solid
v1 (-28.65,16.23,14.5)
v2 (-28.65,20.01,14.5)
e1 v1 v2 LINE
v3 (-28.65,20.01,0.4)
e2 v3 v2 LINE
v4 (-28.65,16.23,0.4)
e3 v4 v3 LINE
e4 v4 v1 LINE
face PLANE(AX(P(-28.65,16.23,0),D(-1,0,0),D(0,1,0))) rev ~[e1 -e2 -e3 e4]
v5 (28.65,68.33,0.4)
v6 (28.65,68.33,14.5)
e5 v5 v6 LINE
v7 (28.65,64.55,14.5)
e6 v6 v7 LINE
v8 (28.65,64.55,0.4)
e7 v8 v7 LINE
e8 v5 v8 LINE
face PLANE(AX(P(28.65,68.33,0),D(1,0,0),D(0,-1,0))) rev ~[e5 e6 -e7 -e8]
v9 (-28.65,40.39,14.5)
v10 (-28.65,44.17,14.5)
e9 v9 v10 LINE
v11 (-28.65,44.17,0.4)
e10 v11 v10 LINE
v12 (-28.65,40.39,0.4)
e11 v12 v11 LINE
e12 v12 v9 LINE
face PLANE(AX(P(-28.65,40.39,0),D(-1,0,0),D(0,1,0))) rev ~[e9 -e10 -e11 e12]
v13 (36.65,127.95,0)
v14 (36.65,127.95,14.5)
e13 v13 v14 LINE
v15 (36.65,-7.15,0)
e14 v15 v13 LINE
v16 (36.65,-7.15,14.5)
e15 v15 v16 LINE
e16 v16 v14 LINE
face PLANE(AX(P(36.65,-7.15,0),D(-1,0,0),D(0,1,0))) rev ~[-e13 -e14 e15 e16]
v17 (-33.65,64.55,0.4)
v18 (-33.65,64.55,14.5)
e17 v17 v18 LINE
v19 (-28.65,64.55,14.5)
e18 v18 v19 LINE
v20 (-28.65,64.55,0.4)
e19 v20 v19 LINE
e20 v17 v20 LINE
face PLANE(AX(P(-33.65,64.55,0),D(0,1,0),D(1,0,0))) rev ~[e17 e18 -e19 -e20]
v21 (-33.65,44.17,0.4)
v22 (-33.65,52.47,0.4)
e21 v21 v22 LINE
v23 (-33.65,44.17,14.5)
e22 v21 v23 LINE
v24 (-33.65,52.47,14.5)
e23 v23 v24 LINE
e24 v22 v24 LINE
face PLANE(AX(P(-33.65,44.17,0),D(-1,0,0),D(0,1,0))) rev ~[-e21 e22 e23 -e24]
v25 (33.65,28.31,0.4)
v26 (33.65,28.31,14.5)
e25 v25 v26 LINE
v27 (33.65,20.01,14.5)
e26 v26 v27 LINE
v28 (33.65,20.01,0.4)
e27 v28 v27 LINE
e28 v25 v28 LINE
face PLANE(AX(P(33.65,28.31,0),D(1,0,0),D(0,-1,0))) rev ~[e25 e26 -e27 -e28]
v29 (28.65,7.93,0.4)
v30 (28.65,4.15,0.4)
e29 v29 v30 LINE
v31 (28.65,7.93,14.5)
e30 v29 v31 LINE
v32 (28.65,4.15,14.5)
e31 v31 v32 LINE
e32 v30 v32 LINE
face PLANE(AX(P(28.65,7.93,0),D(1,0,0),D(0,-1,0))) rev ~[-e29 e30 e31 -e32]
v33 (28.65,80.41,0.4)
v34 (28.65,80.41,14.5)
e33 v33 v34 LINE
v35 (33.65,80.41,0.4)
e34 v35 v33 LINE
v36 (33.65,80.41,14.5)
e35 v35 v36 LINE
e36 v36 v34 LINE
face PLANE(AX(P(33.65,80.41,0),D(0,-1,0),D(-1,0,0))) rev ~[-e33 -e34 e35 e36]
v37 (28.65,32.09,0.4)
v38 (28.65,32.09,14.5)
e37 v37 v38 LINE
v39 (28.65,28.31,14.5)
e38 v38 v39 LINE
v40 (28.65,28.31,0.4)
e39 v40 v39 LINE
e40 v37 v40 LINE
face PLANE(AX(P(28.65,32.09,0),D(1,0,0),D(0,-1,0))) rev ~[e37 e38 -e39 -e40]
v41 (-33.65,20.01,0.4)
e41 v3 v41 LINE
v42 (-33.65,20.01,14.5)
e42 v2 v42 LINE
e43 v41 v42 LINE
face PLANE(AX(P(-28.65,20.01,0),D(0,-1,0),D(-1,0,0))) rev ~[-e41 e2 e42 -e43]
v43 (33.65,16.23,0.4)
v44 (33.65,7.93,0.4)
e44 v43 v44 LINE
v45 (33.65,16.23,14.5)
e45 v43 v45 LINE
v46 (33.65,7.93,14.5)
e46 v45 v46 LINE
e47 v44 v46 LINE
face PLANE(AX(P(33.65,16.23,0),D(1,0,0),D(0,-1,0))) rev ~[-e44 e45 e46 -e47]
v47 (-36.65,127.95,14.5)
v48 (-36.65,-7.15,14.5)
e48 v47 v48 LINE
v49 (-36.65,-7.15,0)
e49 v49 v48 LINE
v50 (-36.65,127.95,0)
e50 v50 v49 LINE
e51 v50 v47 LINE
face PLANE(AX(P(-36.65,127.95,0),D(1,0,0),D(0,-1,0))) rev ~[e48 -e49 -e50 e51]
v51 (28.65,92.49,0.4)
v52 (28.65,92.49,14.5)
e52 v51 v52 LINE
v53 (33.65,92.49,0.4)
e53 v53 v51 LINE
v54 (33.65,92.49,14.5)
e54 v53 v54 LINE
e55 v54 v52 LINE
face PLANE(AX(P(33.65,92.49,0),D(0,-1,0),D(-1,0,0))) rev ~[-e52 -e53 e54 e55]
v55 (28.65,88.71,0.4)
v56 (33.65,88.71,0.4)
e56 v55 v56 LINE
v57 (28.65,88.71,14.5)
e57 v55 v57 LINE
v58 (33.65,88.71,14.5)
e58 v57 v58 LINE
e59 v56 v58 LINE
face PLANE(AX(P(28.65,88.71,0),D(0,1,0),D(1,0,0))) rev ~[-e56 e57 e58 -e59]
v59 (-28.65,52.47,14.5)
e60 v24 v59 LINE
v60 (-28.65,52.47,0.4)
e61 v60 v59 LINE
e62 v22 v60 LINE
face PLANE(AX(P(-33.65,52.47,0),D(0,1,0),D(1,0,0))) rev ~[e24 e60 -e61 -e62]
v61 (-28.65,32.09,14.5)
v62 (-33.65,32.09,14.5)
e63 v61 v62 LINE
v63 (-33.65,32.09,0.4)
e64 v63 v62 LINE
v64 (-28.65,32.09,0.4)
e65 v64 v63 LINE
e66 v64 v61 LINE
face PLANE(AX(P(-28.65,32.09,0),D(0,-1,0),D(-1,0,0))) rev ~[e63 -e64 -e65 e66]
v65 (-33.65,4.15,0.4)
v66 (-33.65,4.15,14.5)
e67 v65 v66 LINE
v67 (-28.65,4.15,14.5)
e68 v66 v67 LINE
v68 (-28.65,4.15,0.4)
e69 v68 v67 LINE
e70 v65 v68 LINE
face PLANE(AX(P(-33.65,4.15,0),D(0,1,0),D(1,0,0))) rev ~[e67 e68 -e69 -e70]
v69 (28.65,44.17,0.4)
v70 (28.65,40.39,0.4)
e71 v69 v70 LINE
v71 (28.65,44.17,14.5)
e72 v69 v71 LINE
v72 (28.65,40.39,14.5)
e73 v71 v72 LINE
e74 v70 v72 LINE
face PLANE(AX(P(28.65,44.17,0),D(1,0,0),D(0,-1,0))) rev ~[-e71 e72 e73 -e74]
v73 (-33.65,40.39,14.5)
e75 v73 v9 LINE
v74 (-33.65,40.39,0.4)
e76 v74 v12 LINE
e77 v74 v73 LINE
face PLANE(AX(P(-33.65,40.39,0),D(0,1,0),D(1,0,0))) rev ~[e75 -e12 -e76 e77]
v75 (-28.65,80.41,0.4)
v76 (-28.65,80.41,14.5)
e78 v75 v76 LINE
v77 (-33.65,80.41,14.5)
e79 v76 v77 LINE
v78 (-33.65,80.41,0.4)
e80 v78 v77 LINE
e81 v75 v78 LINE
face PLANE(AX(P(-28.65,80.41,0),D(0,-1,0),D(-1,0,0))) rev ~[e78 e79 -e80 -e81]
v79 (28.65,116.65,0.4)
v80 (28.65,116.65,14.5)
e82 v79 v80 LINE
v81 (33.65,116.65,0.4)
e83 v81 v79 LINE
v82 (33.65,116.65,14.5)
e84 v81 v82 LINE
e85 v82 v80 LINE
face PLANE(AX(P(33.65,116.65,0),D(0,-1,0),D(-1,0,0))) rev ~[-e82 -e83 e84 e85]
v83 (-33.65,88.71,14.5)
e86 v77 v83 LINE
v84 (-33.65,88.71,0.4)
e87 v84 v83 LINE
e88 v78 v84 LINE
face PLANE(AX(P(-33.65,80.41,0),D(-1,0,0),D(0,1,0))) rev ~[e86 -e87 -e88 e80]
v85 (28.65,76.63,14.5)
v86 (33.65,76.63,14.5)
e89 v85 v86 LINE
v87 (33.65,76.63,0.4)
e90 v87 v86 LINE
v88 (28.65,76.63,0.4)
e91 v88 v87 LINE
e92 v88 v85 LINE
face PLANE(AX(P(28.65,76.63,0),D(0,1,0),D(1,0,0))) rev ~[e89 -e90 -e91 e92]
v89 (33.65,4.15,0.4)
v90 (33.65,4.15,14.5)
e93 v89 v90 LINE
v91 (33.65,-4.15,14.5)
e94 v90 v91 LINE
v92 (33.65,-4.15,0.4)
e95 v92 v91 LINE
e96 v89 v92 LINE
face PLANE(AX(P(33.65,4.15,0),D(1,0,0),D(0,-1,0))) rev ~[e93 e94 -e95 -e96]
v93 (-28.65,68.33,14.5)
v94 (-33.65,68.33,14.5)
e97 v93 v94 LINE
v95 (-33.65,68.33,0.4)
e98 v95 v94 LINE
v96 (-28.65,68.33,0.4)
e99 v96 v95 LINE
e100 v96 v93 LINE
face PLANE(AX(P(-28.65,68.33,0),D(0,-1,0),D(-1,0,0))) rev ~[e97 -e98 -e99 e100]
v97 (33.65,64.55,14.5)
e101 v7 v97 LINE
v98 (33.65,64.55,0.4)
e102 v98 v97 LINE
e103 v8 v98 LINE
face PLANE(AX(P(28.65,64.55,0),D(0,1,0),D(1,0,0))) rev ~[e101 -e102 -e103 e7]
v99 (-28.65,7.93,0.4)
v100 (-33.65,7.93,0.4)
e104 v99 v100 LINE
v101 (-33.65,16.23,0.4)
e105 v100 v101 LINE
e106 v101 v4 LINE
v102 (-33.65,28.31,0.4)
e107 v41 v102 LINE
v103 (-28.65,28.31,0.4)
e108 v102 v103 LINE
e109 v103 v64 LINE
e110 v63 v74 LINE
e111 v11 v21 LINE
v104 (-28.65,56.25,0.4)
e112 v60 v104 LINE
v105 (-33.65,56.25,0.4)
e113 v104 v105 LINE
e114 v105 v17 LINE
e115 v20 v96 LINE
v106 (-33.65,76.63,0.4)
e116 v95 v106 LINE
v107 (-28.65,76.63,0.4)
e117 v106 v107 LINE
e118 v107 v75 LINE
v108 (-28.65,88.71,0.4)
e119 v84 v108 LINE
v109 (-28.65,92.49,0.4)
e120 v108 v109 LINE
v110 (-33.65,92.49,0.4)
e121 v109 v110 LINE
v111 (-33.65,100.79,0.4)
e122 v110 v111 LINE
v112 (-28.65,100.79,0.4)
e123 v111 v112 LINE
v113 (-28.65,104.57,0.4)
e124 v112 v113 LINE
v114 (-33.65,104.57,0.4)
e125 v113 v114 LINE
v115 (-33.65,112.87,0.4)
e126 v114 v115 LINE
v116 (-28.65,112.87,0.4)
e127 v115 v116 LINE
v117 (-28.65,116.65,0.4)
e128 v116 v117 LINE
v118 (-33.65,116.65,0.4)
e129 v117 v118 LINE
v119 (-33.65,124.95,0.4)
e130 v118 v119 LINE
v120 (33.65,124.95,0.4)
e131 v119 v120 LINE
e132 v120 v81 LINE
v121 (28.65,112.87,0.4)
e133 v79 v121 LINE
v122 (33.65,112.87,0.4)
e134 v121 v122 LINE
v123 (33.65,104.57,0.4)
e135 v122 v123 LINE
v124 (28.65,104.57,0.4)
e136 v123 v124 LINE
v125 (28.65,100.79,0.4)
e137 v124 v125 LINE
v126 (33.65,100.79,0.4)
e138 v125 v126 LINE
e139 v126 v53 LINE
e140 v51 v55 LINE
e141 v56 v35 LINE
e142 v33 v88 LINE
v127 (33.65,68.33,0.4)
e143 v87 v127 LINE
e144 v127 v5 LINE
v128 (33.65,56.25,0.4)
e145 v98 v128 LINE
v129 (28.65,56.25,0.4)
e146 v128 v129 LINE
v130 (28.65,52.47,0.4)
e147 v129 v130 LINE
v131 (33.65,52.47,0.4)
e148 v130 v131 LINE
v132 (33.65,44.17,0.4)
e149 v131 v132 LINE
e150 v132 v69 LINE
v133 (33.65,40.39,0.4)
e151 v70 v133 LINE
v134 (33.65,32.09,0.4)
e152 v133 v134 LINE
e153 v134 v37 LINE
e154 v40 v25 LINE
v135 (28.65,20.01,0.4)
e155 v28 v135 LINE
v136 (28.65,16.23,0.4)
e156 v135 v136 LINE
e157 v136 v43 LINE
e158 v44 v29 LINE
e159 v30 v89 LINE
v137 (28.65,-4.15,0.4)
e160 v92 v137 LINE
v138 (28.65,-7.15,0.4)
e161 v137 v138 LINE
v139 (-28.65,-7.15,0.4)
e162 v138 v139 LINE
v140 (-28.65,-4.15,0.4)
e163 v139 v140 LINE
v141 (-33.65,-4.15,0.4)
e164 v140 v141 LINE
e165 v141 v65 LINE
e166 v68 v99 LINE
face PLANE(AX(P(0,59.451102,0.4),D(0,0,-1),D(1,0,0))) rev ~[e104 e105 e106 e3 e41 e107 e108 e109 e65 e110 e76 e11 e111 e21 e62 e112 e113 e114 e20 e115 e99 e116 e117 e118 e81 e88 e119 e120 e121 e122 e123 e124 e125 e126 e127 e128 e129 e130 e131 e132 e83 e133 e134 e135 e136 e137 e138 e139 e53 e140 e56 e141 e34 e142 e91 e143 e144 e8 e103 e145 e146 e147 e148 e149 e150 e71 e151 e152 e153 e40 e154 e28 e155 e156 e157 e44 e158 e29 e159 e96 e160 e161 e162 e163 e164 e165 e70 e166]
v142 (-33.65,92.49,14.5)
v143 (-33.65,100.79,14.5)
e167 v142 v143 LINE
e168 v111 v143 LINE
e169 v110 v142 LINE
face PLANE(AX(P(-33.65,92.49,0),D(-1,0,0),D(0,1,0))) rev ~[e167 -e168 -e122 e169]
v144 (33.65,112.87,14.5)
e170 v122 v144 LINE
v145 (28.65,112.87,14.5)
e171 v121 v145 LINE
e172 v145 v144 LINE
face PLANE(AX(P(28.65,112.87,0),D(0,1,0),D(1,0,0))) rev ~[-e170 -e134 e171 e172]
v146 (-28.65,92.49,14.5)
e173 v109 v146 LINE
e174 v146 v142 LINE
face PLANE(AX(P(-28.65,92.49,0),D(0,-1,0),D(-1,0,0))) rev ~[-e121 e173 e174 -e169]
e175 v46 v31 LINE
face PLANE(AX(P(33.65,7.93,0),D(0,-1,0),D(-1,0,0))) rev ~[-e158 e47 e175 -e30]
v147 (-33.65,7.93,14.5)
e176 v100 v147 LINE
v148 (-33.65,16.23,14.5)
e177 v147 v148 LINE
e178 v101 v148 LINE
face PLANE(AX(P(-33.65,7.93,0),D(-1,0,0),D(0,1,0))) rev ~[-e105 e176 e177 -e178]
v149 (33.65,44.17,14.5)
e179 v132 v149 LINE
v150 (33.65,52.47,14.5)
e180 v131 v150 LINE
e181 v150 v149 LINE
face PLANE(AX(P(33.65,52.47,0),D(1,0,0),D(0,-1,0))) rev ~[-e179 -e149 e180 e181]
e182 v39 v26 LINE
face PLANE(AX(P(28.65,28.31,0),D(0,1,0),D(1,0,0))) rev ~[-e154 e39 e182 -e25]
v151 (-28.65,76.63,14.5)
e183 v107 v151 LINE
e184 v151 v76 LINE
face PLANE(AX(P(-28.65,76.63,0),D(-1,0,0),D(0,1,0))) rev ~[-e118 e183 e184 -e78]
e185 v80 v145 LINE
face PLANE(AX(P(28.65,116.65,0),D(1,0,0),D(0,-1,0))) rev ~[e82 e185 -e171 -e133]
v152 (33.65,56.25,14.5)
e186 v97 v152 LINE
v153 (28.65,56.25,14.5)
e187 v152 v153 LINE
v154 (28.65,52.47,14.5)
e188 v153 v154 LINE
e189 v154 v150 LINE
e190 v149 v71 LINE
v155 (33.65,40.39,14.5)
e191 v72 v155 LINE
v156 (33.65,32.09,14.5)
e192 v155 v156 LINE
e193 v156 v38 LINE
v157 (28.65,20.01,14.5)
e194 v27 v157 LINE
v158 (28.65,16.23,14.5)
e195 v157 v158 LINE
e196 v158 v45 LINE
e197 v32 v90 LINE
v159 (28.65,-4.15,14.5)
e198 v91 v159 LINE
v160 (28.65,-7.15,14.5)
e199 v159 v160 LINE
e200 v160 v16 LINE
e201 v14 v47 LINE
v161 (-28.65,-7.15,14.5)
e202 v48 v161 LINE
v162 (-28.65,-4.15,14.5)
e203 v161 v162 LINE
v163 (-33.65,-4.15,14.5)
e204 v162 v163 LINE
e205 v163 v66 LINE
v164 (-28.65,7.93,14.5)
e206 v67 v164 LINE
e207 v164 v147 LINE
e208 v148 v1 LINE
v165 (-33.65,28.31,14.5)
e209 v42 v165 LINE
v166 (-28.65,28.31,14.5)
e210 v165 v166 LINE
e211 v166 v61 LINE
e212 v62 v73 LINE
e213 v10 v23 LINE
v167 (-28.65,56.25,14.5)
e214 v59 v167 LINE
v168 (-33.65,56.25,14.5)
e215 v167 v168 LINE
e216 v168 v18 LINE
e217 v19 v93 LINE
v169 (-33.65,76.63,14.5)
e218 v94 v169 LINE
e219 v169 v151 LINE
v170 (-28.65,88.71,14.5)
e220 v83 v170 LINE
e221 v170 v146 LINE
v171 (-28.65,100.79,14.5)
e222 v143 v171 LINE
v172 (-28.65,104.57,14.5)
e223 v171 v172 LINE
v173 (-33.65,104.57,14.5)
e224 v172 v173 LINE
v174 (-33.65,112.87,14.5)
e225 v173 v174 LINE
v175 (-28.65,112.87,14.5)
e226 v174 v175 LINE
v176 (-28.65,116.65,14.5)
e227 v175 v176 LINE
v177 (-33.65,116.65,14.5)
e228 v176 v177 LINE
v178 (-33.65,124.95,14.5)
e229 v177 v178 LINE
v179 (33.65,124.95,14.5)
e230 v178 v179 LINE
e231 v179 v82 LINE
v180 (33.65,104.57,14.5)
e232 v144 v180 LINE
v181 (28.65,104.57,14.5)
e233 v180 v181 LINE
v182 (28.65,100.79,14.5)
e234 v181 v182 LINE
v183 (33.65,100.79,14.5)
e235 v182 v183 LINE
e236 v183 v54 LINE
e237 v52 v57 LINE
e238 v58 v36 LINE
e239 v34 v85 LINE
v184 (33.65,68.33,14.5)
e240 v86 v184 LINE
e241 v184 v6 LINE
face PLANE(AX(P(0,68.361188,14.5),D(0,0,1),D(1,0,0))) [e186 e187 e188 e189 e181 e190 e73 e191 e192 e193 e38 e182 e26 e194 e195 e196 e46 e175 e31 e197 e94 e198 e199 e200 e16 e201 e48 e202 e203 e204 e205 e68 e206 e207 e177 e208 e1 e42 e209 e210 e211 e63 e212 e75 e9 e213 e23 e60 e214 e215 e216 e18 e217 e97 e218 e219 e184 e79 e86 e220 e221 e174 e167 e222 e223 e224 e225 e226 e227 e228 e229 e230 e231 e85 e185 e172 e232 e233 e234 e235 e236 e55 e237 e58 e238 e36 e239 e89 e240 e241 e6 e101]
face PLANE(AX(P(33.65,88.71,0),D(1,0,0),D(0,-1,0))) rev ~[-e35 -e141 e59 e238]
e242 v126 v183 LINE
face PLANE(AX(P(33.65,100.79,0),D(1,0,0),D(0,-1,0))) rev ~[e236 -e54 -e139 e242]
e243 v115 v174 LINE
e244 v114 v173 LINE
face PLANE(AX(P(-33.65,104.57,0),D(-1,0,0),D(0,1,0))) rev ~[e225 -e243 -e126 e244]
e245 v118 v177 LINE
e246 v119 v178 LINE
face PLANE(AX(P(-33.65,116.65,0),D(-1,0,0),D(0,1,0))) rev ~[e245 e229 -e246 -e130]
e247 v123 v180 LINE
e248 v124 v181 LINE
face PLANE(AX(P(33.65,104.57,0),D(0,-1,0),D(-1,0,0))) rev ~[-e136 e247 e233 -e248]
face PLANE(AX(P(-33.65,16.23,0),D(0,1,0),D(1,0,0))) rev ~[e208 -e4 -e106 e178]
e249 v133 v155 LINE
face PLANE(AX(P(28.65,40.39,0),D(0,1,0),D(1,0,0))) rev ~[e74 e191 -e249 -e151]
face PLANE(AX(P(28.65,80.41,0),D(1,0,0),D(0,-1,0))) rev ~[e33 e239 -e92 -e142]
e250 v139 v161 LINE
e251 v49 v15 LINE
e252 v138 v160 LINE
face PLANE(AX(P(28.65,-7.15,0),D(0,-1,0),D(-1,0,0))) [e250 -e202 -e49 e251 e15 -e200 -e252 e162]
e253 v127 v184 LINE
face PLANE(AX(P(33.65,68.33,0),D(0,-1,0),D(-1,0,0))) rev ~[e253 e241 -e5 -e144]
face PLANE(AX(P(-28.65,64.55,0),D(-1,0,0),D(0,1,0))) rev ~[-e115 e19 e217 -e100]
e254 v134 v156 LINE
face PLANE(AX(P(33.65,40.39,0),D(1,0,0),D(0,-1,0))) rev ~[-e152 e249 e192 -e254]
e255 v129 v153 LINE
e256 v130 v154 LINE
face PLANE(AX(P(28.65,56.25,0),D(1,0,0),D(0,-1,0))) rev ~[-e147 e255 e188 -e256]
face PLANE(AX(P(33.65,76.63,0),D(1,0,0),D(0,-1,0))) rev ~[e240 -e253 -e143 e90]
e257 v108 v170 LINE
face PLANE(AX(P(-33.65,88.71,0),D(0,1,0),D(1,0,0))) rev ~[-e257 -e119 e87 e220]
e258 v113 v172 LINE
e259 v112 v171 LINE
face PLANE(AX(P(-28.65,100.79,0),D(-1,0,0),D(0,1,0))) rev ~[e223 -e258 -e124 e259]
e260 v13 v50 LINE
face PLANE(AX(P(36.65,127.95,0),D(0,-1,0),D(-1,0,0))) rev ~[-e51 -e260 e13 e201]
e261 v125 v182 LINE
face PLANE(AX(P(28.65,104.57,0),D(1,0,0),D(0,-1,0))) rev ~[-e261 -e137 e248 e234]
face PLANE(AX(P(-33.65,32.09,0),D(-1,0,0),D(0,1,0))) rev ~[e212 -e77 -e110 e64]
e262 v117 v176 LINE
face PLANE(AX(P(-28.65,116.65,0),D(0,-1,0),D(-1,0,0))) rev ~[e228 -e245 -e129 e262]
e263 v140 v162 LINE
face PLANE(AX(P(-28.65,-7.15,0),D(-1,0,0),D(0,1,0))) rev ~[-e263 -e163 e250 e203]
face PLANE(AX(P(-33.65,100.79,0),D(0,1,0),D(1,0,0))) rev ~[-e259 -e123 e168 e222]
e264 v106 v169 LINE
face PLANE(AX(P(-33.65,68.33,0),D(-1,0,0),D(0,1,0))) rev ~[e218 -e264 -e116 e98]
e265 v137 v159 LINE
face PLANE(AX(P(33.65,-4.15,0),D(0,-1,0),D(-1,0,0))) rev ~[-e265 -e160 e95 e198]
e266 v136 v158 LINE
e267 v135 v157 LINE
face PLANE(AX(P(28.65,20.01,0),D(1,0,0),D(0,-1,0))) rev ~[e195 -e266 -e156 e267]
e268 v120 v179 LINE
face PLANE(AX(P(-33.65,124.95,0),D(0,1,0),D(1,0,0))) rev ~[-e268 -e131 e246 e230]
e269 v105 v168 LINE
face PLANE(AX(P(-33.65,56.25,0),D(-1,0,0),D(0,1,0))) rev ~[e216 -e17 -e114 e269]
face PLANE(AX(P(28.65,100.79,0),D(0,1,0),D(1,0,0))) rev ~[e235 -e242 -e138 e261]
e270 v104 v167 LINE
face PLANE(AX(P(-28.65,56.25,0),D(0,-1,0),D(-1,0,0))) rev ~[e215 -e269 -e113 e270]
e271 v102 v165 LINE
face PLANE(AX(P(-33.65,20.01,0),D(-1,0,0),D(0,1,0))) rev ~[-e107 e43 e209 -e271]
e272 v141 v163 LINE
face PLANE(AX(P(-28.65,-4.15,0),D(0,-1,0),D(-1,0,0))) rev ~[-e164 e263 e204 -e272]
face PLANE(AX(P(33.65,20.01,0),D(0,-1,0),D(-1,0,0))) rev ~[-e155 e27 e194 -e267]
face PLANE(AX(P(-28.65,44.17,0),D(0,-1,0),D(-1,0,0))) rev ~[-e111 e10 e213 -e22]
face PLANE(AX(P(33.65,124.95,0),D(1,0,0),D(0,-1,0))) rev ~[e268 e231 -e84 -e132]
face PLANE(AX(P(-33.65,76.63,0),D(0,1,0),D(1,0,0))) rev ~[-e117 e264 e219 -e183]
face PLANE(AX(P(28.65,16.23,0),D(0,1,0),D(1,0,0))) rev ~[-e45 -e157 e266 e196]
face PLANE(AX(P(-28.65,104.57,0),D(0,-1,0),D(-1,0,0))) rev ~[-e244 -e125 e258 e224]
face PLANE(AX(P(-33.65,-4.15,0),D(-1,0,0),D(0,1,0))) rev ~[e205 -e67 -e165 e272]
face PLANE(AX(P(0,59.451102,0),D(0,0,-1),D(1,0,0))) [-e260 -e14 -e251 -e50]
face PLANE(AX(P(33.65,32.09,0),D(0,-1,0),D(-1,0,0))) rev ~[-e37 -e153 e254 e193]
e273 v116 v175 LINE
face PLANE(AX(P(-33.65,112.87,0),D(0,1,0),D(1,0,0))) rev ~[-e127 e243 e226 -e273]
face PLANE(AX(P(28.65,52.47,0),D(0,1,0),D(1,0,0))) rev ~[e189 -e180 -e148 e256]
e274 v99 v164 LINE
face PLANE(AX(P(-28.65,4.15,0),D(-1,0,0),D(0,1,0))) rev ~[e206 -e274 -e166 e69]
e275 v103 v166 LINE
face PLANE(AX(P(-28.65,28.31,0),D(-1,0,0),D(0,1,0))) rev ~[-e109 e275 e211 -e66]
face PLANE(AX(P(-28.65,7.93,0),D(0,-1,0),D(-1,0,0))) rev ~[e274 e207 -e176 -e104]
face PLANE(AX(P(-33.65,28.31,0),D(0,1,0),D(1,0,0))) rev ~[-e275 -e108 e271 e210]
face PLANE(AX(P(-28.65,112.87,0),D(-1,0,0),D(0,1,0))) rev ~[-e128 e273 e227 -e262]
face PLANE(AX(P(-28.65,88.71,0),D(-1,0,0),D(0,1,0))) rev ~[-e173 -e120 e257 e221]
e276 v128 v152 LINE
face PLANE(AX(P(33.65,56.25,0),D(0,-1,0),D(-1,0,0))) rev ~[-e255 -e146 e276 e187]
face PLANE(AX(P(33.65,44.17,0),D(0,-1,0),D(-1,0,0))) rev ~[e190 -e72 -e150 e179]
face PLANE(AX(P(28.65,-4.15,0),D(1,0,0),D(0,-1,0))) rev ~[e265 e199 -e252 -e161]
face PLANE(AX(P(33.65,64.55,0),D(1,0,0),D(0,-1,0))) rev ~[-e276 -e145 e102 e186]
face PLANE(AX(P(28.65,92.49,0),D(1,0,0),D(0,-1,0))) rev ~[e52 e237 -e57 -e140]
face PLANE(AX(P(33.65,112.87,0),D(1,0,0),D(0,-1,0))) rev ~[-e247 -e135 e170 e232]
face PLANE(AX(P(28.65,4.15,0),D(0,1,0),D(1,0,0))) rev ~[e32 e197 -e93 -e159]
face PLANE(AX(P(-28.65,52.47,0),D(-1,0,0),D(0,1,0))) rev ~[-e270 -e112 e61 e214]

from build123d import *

# Parameters (mm, degrees)
F1_DEPTH = 14.5
F3_DEPTH = 0.4


with BuildPart() as f1:
    # F0 (on Top) → F1 (new body)
    with BuildSketch(Plane.XY):
        Polygon((-33.65, -4.15), (-33.65, 4.15), (-28.65, 4.15), (-28.65, 7.93), (-33.65, 7.93), (-33.65, 16.23), (-28.65, 16.23), (-28.65, 20.01), (-33.65, 20.01), (-33.65, 28.31), (-28.65, 28.31), (-28.65, 32.09), (-33.65, 32.09), (-33.65, 40.39), (-28.65, 40.39), (-28.65, 44.17), (-33.65, 44.17), (-33.65, 52.47), (-28.65, 52.47), (-28.65, 56.25), (-33.65, 56.25), (-33.65, 64.55), (-28.65, 64.55), (-28.65, 68.33), (-33.65, 68.33), (-33.65, 76.63), (-28.65, 76.63), (-28.65, 80.41), (-33.65, 80.41), (-33.65, 88.71), (-28.65, 88.71), (-28.65, 92.49), (-33.65, 92.49), (-33.65, 100.79), (-28.65, 100.79), (-28.65, 104.57), (-33.65, 104.57), (-33.65, 112.87), (-28.65, 112.87), (-28.65, 116.65), (-33.65, 116.65), (-33.65, 124.95), (-28.65, 124.95), (28.65, 124.95), (33.65, 124.95), (33.65, 116.65), (28.65, 116.65), (28.65, 112.87), (33.65, 112.87), (33.65, 104.57), (28.65, 104.57), (28.65, 100.79), (33.65, 100.79), (33.65, 92.49), (28.65, 92.49), (28.65, 88.71), (33.65, 88.71), (33.65, 80.41), (28.65, 80.41), (28.65, 76.63), (33.65, 76.63), (33.65, 68.33), (28.65, 68.33), (28.65, 64.55), (33.65, 64.55), (33.65, 56.25), (28.65, 56.25), (28.65, 52.47), (33.65, 52.47), (33.65, 44.17), (28.65, 44.17), (28.65, 40.39), (33.65, 40.39), (33.65, 32.09), (28.65, 32.09), (28.65, 28.31), (33.65, 28.31), (33.65, 20.01), (28.65, 20.01), (28.65, 16.23), (33.65, 16.23), (33.65, 7.93), (28.65, 7.93), (28.65, 4.15), (33.65, 4.15), (33.65, -4.15), (28.65, -4.15), (28.65, -7.15), (36.65, -7.15), (36.65, 127.95), (-36.65, 127.95), (-36.65, -7.15), (-28.65, -7.15), (-28.65, -4.15), align=None)
    extrude(amount=F1_DEPTH)

    # F2 (on face) → F3 (join)
    with BuildSketch(Plane(origin=(0, 0, 0), x_dir=(1, 0, 0), z_dir=(0, 0, -1))):
        Polygon((28.65, 4.15), (28.65, 7.15), (-28.65, 7.15), (-28.65, 4.15), (-33.65, 4.15), (-33.65, -4.15), (-28.65, -4.15), (-28.65, -7.93), (-33.65, -7.93), (-33.65, -16.23), (-28.65, -16.23), (-28.65, -20.01), (-33.65, -20.01), (-33.65, -28.31), (-28.65, -28.31), (-28.65, -32.09), (-33.65, -32.09), (-33.65, -40.39), (-28.65, -40.39), (-28.65, -44.17), (-33.65, -44.17), (-33.65, -52.47), (-28.65, -52.47), (-28.65, -56.25), (-33.65, -56.25), (-33.65, -64.55), (-28.65, -64.55), (-28.65, -68.33), (-33.65, -68.33), (-33.65, -76.63), (-28.65, -76.63), (-28.65, -80.41), (-33.65, -80.41), (-33.65, -88.71), (-28.65, -88.71), (-28.65, -92.49), (-33.65, -92.49), (-33.65, -100.79), (-28.65, -100.79), (-28.65, -104.57), (-33.65, -104.57), (-33.65, -112.87), (-28.65, -112.87), (-28.65, -116.65), (-33.65, -116.65), (-33.65, -124.95), (33.65, -124.95), (33.65, -116.65), (28.65, -116.65), (28.65, -112.87), (33.65, -112.87), (33.65, -104.57), (28.65, -104.57), (28.65, -100.79), (33.65, -100.79), (33.65, -92.49), (28.65, -92.49), (28.65, -88.71), (33.65, -88.71), (33.65, -80.41), (28.65, -80.41), (28.65, -76.63), (33.65, -76.63), (33.65, -68.33), (28.65, -68.33), (28.65, -64.55), (33.65, -64.55), (33.65, -56.25), (28.65, -56.25), (28.65, -52.47), (33.65, -52.47), (33.65, -44.17), (28.65, -44.17), (28.65, -40.39), (33.65, -40.39), (33.65, -32.09), (28.65, -32.09), (28.65, -28.31), (33.65, -28.31), (33.65, -20.01), (28.65, -20.01), (28.65, -16.23), (33.65, -16.23), (33.65, -7.93), (28.65, -7.93), (28.65, -4.15), (33.65, -4.15), (33.65, 4.15), align=None)
    extrude(amount=-F3_DEPTH)


solid = f1.part
